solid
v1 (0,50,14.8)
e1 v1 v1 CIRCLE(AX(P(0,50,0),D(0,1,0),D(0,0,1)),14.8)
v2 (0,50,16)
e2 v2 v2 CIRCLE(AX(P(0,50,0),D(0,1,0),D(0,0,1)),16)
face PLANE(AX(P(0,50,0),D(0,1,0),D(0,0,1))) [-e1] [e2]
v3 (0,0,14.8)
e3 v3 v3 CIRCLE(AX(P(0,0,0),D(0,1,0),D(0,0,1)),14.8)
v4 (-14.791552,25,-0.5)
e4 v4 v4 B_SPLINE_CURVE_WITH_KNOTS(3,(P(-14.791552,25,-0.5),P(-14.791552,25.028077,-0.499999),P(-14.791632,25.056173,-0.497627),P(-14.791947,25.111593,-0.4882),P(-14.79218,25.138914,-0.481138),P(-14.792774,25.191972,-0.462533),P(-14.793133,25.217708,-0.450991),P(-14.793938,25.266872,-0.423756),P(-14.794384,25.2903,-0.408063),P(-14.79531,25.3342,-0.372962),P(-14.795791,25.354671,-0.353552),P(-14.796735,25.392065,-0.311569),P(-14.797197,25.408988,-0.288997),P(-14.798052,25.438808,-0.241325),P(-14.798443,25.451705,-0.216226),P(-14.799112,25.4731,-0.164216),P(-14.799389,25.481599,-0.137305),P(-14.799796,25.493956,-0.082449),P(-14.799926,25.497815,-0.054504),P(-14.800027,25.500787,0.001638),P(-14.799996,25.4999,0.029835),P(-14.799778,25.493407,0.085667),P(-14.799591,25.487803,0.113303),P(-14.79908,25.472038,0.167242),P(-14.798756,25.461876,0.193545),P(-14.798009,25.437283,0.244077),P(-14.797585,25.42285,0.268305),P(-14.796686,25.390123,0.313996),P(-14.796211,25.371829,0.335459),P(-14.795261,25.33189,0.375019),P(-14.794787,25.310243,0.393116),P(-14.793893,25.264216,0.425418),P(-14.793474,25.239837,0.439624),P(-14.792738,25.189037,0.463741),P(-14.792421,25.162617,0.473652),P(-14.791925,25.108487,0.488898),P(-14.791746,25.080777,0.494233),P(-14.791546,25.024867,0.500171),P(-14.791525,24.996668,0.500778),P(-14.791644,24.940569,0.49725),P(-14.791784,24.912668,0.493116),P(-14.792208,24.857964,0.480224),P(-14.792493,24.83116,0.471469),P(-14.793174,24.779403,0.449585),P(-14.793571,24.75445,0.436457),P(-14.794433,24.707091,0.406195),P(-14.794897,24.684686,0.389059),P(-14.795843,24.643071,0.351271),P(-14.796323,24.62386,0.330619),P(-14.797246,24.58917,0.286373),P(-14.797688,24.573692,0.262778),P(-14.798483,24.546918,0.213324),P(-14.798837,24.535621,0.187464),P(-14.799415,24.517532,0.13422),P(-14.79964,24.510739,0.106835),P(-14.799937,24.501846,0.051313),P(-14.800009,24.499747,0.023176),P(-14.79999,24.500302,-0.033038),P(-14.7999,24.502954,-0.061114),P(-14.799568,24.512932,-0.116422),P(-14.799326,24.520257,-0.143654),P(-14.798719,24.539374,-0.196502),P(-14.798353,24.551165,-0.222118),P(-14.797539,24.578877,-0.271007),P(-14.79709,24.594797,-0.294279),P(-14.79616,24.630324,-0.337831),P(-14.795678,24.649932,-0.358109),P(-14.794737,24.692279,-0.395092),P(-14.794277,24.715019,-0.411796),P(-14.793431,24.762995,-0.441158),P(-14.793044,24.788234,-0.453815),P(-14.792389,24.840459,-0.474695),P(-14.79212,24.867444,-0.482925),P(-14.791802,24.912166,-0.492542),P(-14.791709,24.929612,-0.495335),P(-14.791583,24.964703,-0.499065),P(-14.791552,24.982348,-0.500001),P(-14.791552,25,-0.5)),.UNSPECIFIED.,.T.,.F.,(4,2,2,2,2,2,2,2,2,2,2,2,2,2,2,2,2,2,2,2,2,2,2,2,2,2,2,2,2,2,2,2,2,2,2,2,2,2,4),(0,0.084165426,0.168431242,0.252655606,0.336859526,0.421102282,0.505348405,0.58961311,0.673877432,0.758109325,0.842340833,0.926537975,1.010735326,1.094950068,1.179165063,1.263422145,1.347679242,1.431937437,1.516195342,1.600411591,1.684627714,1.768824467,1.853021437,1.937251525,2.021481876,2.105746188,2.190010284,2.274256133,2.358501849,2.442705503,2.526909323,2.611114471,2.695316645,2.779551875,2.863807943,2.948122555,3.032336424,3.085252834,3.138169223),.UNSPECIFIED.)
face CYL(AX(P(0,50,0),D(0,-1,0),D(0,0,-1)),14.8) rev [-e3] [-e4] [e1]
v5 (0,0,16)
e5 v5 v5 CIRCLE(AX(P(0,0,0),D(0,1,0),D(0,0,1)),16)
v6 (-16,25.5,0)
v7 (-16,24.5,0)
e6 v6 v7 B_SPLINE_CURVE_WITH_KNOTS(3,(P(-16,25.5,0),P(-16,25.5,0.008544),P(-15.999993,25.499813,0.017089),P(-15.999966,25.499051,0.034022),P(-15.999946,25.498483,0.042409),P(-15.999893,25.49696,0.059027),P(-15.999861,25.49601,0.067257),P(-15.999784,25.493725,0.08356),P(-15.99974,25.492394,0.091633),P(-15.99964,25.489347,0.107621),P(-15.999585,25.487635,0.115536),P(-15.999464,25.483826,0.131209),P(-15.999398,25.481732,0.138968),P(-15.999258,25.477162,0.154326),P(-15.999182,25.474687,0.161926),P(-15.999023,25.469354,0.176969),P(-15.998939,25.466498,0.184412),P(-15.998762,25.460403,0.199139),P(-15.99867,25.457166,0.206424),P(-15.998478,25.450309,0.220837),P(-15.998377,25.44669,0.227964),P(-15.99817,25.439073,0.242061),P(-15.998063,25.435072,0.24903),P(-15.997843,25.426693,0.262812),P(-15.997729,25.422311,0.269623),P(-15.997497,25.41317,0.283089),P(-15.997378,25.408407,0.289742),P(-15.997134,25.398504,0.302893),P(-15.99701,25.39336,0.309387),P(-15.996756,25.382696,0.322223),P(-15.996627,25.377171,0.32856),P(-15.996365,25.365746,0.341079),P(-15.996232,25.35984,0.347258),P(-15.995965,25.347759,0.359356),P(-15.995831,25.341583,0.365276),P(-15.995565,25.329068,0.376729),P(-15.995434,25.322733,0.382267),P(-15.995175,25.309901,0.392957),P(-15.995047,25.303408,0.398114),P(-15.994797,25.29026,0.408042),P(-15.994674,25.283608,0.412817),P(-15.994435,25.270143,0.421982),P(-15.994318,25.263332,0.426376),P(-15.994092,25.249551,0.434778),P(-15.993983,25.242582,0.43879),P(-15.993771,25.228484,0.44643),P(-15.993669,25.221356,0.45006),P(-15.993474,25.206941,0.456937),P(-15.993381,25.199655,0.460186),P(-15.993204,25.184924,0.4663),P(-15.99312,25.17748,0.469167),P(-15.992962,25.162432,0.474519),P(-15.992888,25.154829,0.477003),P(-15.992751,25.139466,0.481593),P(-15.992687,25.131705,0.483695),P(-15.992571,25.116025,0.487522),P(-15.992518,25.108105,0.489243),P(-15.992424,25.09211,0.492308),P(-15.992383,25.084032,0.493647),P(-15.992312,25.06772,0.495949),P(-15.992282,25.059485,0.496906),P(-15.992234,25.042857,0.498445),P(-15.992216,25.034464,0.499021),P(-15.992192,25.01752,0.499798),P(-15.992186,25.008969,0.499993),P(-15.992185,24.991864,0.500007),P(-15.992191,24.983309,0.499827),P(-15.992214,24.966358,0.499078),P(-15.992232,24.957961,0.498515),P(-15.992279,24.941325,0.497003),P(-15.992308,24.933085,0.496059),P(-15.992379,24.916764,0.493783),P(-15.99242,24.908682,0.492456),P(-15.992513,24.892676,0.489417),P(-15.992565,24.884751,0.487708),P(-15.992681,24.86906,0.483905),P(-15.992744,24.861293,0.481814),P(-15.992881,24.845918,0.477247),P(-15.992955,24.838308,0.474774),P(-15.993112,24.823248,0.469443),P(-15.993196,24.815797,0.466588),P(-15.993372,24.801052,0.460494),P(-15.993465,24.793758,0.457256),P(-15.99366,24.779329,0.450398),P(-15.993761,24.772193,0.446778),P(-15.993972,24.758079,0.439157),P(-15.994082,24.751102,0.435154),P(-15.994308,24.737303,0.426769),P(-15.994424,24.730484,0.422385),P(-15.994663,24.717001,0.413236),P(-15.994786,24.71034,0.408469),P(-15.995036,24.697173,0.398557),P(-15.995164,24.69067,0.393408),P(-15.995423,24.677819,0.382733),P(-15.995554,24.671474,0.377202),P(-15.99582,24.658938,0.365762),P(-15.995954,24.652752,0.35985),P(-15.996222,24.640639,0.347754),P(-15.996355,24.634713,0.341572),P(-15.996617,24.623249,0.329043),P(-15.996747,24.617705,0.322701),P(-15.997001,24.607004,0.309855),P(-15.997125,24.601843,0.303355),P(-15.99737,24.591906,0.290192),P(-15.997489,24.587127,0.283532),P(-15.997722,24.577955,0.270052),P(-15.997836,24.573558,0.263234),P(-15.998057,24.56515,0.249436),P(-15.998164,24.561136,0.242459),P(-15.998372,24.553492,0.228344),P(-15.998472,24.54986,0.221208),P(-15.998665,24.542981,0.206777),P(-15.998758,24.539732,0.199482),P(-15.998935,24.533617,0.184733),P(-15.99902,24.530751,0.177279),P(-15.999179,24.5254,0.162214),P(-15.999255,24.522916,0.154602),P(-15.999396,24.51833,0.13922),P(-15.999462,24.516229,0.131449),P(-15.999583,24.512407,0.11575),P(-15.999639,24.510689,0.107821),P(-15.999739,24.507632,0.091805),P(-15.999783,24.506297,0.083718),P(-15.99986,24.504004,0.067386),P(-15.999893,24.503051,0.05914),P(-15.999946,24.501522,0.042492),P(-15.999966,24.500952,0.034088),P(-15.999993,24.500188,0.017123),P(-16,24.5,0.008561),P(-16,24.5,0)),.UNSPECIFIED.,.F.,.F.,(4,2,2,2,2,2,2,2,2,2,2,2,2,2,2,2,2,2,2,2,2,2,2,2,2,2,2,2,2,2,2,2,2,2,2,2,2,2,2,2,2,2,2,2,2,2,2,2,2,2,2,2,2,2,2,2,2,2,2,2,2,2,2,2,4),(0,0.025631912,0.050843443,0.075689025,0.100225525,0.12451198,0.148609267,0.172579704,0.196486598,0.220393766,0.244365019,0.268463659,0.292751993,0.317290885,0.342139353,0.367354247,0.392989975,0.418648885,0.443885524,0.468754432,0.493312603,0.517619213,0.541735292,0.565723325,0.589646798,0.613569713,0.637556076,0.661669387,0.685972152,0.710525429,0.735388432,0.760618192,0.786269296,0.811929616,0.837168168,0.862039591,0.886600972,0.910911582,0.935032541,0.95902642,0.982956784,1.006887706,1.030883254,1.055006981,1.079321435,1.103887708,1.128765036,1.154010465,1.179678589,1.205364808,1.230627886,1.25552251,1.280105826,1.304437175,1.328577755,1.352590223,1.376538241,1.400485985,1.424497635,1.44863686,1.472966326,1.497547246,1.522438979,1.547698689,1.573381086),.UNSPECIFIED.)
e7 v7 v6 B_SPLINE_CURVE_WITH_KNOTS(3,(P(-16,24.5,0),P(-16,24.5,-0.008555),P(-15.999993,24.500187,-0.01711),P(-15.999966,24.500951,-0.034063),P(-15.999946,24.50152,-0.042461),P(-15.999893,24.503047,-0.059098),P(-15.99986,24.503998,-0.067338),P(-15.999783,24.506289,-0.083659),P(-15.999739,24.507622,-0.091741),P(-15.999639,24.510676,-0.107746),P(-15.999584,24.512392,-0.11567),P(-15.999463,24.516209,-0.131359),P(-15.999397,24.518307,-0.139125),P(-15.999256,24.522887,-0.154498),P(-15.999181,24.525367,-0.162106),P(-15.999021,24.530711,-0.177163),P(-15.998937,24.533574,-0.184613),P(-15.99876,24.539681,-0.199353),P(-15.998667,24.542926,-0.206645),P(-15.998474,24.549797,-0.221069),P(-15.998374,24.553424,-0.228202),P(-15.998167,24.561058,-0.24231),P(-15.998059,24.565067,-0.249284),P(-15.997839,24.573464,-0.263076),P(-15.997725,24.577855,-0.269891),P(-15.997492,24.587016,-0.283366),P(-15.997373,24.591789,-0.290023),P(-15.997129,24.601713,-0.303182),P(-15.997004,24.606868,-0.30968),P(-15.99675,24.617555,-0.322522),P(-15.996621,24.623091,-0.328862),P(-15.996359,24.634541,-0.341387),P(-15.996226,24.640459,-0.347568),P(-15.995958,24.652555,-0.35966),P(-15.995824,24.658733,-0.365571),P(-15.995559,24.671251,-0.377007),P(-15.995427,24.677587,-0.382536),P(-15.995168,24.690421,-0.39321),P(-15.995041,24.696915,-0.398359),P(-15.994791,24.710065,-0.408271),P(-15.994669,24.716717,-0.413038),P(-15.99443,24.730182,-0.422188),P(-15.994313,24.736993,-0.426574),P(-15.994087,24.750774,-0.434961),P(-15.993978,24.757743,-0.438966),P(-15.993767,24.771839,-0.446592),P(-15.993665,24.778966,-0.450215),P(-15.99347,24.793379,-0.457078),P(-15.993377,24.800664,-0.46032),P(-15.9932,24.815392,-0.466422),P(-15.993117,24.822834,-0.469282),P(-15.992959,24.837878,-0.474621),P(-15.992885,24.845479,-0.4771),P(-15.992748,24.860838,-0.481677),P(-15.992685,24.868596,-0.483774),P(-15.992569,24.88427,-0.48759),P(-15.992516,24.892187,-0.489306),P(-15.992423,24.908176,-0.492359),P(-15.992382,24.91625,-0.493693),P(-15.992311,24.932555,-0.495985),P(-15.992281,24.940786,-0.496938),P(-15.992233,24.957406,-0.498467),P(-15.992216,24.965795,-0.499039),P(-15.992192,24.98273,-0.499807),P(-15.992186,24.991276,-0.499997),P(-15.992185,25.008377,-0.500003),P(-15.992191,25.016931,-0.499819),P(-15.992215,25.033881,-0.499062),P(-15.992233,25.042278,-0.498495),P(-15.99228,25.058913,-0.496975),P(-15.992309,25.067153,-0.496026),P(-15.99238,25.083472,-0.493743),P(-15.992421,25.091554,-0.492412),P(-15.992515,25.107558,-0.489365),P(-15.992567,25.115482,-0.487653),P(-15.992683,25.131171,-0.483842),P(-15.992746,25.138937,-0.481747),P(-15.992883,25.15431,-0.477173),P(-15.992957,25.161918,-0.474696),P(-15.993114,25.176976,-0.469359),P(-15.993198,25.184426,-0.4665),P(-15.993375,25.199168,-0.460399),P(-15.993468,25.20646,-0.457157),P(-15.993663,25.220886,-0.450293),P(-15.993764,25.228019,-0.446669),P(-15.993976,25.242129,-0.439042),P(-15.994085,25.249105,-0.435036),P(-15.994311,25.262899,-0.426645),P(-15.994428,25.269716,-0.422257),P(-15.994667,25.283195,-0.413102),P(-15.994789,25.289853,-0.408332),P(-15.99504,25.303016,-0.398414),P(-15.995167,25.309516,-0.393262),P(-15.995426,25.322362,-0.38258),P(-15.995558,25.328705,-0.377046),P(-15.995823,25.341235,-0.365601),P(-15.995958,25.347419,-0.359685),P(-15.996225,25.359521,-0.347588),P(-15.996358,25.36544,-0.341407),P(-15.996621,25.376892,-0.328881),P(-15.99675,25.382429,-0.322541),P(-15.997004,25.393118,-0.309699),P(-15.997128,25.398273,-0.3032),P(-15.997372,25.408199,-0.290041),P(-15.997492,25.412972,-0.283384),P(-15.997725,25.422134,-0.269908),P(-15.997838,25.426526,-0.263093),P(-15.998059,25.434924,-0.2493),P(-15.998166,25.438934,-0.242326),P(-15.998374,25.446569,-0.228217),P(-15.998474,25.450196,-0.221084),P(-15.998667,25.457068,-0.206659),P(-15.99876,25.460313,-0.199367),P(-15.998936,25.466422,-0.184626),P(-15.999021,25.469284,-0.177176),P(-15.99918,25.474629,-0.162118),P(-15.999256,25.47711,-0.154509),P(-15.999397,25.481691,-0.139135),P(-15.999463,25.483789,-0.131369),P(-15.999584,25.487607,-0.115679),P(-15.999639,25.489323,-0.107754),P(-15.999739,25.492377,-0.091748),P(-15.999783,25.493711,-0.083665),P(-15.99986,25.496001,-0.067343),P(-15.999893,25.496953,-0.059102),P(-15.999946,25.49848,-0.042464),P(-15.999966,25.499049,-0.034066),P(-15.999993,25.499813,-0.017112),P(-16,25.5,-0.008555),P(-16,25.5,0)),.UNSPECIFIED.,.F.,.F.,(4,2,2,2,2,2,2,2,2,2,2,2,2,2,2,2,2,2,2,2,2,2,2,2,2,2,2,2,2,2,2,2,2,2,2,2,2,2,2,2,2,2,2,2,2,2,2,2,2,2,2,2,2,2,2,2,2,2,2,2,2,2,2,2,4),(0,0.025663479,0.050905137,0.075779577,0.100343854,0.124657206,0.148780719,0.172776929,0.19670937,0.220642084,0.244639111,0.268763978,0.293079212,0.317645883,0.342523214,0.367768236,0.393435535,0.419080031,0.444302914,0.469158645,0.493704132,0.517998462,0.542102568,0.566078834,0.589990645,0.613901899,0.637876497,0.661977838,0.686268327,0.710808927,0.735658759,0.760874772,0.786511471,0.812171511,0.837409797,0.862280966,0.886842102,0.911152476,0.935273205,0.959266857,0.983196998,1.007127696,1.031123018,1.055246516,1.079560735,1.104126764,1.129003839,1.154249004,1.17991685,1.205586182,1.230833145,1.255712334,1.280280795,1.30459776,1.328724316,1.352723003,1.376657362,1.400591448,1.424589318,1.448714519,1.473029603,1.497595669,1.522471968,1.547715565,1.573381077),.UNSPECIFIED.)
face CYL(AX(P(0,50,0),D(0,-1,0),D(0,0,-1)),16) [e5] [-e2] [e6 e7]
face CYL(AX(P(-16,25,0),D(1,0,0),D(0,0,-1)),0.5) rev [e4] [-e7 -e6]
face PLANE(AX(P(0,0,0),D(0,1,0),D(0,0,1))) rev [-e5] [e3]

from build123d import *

# Parameters (mm, degrees)
SKETCH1_R           = 16
SKETCH1_R_2         = 14.8
BOSS_EXTRUDE1_DEPTH = 50
SKETCH2_R           = 0.5
CUT_EXTRUDE1_DEPTH  = 55.881690936


with BuildPart() as part:
    # Sketch1 → Boss-Extrude1 (new body)
    with BuildSketch(Plane(origin=(0, 0, 0), x_dir=(1, 0, 0), z_dir=(0, 1, 0))):
        with Locations(Location((0, 0, 0), (0, 0, 270))):
            Circle(SKETCH1_R)
        with Locations(Location((0, 0, 0), (0, 0, 270))):
            Circle(SKETCH1_R_2, mode=Mode.SUBTRACT)
    extrude(amount=BOSS_EXTRUDE1_DEPTH)

    # Sketch2 → Cut-Extrude1 (cut, through all)
    with BuildSketch(Plane(origin=(0, 0, 0), x_dir=(0, 0, -1), z_dir=(1, 0, 0))):
        with Locations((0, 25)):
            Circle(SKETCH2_R)
    extrude(amount=-CUT_EXTRUDE1_DEPTH, mode=Mode.SUBTRACT)


solid = part.part
